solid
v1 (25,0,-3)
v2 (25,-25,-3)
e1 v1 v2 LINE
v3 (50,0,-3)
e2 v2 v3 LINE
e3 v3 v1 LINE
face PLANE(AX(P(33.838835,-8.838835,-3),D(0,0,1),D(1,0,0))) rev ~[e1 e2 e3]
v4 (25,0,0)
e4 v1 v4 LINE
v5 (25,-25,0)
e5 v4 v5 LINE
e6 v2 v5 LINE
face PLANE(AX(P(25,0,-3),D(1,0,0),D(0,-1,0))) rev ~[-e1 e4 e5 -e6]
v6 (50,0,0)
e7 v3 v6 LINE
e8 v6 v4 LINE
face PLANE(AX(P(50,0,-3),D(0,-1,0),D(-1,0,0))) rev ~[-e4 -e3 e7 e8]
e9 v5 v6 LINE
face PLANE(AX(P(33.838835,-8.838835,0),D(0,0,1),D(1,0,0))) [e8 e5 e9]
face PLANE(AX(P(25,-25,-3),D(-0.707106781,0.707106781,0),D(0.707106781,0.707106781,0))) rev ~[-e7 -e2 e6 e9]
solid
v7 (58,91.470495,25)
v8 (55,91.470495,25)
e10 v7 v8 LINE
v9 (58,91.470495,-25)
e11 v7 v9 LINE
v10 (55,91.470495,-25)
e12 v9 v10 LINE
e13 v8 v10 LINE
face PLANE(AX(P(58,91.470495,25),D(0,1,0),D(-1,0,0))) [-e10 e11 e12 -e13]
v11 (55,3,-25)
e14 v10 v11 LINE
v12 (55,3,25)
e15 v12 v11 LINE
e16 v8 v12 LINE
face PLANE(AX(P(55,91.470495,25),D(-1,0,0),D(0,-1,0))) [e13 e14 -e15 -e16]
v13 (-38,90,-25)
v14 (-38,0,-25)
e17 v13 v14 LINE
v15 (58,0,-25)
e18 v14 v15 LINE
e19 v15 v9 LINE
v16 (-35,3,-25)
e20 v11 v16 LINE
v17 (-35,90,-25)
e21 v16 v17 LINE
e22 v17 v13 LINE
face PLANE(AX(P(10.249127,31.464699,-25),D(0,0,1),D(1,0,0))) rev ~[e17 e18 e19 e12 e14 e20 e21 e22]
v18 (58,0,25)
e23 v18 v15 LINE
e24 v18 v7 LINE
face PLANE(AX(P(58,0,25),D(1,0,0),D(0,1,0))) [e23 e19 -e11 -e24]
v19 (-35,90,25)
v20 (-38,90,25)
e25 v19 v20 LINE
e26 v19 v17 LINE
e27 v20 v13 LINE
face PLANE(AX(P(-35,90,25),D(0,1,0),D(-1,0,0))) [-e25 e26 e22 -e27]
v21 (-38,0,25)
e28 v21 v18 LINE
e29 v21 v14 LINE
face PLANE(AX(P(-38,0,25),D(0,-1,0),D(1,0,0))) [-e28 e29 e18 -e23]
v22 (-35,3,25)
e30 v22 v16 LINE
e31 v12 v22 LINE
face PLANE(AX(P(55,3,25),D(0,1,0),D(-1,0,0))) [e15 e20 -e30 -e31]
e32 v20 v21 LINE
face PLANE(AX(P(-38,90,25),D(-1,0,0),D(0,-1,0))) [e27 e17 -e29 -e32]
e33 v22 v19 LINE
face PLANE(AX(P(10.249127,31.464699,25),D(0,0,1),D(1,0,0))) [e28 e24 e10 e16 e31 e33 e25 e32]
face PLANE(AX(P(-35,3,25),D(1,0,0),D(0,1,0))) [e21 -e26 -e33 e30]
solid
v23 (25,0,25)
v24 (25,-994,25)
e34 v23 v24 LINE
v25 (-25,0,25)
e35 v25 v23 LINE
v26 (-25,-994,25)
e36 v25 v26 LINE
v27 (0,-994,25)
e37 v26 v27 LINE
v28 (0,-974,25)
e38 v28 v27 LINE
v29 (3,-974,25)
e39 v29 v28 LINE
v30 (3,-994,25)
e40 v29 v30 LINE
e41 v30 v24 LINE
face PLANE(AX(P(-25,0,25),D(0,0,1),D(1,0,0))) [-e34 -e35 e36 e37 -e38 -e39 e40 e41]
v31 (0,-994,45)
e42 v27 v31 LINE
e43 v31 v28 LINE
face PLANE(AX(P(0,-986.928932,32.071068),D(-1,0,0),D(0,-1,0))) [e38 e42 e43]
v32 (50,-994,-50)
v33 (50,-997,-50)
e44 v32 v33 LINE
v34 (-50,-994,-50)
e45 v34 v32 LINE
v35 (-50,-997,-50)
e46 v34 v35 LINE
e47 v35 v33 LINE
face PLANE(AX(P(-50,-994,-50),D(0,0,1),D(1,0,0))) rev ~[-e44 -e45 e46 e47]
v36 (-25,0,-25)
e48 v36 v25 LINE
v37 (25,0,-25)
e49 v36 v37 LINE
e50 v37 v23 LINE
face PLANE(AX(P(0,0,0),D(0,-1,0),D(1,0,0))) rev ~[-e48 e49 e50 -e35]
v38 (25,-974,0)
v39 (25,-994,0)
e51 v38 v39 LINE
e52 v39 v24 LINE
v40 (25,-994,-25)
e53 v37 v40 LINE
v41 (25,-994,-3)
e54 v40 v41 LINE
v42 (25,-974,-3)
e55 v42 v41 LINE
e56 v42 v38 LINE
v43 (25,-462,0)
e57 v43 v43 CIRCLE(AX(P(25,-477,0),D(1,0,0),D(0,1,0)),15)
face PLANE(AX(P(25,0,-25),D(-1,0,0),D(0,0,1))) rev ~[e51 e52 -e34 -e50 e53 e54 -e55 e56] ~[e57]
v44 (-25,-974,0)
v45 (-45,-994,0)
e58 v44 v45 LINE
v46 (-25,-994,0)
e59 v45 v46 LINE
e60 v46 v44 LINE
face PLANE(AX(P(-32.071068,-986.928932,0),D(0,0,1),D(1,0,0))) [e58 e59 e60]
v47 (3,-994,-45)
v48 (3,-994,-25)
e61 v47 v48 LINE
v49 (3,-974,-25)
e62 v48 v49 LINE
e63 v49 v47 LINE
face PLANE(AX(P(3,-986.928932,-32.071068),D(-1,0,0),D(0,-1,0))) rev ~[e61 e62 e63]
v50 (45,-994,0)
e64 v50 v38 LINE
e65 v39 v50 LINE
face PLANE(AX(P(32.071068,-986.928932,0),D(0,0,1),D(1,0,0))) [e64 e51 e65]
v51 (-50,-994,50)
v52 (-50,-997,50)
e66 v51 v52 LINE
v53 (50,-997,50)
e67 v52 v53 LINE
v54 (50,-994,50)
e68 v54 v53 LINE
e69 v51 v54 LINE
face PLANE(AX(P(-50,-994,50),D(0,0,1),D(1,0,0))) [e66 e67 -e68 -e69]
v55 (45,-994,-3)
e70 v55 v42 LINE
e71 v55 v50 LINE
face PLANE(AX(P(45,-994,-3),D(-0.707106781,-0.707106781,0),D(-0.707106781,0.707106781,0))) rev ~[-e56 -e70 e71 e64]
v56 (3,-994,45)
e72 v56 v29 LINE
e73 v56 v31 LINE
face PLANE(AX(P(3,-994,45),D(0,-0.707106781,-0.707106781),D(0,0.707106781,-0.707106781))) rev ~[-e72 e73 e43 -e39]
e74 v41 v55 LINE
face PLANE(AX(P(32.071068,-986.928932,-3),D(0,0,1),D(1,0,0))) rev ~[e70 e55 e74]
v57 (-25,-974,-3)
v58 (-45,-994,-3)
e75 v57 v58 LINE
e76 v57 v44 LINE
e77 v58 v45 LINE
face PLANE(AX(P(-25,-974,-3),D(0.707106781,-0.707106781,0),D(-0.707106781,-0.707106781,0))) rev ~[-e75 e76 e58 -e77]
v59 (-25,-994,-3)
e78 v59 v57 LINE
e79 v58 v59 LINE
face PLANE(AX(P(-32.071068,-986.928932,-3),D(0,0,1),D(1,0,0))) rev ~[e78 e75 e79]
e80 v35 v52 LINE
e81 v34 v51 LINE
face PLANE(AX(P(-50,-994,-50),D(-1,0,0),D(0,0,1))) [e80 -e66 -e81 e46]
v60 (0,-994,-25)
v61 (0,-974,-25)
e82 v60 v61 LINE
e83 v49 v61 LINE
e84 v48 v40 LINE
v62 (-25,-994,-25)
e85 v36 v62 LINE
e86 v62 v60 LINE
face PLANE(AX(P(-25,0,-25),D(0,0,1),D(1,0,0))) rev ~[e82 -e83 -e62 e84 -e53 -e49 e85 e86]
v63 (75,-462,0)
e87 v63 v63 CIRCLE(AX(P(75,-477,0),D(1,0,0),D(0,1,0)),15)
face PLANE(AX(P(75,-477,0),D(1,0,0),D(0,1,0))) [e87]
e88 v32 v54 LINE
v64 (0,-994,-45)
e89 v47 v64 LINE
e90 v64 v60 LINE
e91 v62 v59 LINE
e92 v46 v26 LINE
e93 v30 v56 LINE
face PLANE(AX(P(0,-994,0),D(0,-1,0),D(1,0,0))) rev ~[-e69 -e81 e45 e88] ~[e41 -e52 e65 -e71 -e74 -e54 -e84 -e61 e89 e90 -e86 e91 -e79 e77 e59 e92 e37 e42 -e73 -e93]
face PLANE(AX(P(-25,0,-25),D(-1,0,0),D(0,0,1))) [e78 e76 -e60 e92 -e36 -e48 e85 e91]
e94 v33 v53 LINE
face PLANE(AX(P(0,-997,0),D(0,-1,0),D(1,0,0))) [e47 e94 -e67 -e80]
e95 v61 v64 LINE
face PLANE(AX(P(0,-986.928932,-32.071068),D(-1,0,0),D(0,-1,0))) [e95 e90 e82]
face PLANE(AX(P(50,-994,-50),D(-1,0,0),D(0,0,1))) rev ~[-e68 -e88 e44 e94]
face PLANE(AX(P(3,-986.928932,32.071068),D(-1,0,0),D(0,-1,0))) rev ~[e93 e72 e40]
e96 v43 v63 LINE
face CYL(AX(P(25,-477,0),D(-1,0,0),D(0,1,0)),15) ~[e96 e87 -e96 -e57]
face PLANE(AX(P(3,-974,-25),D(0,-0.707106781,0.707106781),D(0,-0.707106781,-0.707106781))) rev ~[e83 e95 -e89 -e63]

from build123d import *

# Parameters (mm, degrees)
F0_W      = 50
F0_H      = 50
F1_DEPTH  = 994
F3_W      = 100
F3_H      = 100
F4_DEPTH  = 3
F7_DEPTH  = 3
F10_DEPTH = 3
F13_DEPTH = 50
F15_DEPTH = 3
F17_R     = 15
F18_DEPTH = 50


with BuildPart() as f1:
    # F0 (on Front) → F1 (new body)
    with BuildSketch(Plane.XZ):
        Rectangle(F0_W, F0_H)
    extrude(amount=F1_DEPTH)

    # F3 (on offset) → F4 (join)
    with BuildSketch(Plane.XZ.offset(994)):
        Rectangle(F3_W, F3_H)
    extrude(amount=F4_DEPTH)

    # F6 (on offset) → F7 (join)
    with BuildSketch(Plane.XY.offset(-3)):
        Polygon((-25, -994), (-25, -974), (-45, -994), align=None)
        Polygon((45, -994), (25, -974), (25, -994), align=None)
    extrude(amount=F7_DEPTH)

    # F9 (on offset) → F10 (join)
    with BuildSketch(Plane(origin=(3, 0, 0), x_dir=(0, -1, 0), z_dir=(-1, 0, 0))):
        Polygon((974, 25), (994, 25), (994, 45), align=None)
        Polygon((994, -45), (994, -25), (974, -25), align=None)
    extrude(amount=F10_DEPTH)

    # F17 (on offset) → F18 (join)
    with BuildSketch(Plane.YZ.offset(25)):
        with Locations((-477, 0)):
            Circle(F17_R)
    extrude(amount=F18_DEPTH)


with BuildPart() as f13:
    # F12 (on offset) → F13 (new body)
    with BuildSketch(Plane.XY.offset(25)):
        Polygon((-38, 0), (58, 0), (58, 91.4704948664), (55, 91.4704948664), (55, 3), (-35, 3), (-35, 90), (-38, 90), align=None)
    extrude(amount=-F13_DEPTH)


with BuildPart() as f15:
    # F14 (on offset) → F15 (new body)
    with BuildSketch(Plane.XY.offset(-3)):
        Polygon((25, 0), (25, -25), (50, 0), align=None)
    extrude(amount=F15_DEPTH)


solid = Compound([f1.part, f13.part, f15.part])
